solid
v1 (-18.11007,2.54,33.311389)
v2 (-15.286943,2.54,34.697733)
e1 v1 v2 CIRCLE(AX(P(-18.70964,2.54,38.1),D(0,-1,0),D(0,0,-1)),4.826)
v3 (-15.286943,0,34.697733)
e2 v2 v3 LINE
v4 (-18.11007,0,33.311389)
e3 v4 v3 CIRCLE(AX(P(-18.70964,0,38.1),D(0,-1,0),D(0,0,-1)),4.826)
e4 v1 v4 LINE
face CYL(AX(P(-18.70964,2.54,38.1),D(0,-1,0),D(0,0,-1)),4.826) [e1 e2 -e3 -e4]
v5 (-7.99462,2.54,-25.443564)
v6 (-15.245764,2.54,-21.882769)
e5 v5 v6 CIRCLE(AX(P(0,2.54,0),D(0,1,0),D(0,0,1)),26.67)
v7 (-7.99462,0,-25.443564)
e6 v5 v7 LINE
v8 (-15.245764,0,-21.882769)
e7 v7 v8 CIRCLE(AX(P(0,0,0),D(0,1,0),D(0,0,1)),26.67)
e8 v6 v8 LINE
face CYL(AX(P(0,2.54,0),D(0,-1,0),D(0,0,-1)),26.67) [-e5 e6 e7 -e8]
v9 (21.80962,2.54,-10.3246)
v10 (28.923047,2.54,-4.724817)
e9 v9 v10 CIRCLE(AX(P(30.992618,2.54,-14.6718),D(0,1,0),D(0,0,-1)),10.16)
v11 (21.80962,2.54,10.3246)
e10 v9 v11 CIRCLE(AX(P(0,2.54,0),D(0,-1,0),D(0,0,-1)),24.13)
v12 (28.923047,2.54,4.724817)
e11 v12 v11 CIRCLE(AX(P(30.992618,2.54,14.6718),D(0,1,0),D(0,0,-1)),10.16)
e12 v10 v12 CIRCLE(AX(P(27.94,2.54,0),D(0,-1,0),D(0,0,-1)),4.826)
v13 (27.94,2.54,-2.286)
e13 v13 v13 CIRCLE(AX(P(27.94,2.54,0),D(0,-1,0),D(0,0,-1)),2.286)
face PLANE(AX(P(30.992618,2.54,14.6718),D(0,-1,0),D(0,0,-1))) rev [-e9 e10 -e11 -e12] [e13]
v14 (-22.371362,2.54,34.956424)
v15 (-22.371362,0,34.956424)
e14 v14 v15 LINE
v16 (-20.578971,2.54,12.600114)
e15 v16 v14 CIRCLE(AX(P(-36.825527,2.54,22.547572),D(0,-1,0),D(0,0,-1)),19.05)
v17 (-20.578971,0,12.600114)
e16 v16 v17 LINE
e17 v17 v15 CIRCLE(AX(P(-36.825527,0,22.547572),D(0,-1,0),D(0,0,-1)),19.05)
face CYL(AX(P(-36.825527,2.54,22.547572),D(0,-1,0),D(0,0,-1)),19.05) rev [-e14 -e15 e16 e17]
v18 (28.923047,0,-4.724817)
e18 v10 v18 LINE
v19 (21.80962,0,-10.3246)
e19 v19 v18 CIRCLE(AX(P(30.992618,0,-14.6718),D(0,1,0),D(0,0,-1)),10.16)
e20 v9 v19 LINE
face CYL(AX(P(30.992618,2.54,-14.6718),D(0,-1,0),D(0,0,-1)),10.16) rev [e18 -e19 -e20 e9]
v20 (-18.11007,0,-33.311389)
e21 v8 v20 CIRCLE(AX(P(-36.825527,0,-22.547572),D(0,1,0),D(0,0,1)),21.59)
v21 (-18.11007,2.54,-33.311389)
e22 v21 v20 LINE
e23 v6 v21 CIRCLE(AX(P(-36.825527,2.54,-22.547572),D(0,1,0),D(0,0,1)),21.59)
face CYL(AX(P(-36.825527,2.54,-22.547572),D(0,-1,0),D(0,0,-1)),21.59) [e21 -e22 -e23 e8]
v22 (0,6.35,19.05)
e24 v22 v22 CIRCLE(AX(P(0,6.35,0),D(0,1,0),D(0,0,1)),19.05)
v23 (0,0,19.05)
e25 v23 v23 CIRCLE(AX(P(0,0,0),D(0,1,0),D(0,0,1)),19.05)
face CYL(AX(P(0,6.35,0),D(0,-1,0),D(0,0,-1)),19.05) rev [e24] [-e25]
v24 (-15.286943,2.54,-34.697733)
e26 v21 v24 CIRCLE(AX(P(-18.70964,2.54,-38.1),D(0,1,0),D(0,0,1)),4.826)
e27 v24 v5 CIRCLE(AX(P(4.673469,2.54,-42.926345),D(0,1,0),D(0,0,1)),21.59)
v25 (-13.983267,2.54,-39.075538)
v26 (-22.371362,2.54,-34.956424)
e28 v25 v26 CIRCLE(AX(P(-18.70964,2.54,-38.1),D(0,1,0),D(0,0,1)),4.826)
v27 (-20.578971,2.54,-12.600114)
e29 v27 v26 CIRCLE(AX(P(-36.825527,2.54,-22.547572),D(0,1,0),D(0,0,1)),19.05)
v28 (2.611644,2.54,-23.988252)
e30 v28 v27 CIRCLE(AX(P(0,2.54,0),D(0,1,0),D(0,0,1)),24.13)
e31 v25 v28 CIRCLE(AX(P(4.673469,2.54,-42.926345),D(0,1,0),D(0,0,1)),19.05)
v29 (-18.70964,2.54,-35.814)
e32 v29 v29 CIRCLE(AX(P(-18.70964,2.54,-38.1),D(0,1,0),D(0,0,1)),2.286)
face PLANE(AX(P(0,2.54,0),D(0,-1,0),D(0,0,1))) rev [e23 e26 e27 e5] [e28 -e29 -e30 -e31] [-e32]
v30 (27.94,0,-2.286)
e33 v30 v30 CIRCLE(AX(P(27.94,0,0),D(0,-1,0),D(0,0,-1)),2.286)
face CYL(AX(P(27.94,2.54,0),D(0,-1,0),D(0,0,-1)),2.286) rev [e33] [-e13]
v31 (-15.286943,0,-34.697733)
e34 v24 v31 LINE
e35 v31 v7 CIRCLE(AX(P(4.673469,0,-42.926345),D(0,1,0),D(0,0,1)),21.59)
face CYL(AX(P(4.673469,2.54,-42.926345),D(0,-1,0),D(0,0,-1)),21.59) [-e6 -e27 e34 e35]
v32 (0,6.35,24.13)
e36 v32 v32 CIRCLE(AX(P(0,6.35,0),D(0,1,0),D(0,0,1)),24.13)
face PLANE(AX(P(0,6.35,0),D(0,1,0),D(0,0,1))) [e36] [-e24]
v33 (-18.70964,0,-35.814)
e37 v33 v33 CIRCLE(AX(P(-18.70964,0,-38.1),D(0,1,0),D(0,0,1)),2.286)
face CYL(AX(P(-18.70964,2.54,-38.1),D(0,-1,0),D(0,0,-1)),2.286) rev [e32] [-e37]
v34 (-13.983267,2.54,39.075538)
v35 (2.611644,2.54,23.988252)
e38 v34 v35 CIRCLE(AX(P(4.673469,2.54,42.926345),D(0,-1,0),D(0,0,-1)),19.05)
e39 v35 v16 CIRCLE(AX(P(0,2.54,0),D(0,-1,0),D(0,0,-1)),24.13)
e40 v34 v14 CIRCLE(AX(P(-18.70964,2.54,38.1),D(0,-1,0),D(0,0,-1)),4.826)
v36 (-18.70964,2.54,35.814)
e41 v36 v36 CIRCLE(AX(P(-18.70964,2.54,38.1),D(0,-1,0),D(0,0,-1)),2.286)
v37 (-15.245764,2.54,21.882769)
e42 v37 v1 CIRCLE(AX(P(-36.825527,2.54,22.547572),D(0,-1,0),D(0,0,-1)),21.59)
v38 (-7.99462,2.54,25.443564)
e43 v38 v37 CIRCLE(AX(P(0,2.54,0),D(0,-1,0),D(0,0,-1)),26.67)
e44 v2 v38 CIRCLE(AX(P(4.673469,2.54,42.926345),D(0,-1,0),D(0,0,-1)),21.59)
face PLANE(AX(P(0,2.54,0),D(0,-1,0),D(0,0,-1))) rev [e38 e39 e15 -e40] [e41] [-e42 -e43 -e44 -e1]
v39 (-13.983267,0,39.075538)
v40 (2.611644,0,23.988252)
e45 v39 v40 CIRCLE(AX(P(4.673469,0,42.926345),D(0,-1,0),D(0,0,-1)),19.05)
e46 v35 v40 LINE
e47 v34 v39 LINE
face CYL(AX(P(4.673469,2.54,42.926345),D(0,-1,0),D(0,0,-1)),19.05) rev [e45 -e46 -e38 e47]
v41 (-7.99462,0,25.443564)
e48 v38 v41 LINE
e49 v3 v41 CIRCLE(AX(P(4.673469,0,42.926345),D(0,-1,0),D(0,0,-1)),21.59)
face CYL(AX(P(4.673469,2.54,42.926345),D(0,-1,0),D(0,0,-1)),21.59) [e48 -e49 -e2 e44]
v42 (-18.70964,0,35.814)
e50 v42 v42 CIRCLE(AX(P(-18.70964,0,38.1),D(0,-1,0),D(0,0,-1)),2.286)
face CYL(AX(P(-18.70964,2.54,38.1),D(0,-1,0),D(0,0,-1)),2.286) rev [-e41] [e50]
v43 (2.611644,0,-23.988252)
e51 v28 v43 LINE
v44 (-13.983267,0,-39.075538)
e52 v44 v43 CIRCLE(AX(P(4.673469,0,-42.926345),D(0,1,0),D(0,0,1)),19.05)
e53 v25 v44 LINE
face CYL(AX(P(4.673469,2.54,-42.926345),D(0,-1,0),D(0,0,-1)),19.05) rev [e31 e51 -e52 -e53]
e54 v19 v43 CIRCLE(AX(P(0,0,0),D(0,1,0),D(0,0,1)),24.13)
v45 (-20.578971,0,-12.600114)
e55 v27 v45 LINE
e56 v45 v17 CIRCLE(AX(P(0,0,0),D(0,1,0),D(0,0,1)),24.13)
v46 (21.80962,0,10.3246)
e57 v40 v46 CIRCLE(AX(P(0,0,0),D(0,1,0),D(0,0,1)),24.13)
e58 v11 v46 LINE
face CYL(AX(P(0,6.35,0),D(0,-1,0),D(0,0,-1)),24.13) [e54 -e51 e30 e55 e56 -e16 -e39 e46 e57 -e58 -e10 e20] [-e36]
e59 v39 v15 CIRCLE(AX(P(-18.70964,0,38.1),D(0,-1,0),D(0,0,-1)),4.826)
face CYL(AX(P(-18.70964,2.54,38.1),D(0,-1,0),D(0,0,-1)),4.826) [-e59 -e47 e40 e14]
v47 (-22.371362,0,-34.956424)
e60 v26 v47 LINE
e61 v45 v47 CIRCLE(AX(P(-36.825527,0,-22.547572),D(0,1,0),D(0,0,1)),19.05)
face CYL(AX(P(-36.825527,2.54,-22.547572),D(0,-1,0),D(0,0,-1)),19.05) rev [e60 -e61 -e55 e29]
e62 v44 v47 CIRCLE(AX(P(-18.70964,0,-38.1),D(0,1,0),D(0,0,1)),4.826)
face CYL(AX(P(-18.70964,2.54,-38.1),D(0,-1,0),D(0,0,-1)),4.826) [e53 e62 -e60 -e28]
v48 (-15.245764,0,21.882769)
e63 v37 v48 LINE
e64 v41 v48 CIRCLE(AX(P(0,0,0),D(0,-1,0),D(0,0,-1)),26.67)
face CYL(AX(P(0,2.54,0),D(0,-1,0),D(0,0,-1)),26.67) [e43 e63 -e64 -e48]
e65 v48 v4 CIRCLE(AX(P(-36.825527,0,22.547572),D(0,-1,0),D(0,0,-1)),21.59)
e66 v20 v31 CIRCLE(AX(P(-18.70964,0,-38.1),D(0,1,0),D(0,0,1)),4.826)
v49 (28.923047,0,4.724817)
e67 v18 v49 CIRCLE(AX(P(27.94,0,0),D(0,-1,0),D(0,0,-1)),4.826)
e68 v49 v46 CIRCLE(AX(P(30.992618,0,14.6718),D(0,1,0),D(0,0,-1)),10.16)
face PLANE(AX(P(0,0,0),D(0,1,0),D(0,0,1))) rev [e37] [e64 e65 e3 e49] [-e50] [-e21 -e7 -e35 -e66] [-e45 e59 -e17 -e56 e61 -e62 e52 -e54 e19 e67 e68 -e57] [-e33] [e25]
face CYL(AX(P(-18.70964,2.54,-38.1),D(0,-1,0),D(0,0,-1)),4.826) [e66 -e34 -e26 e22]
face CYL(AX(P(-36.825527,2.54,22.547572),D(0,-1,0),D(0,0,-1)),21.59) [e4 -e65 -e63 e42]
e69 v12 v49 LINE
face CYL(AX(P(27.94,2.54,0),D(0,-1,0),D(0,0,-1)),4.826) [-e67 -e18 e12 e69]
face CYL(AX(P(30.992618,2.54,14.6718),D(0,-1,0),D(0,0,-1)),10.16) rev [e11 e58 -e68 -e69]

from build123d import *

# Parameters (mm, degrees)
SKETCH1_R           = 24.13
SKETCH1_R_2         = 19.05
BOSS_EXTRUDE1_DEPTH = 6.35
SKETCH2_R           = 2.286
BOSS_EXTRUDE2_DEPTH = 2.54
SKETCH3_R           = 2.286
BOSS_EXTRUDE3_DEPTH = 2.54


with BuildPart() as part:
    # Sketch1 → Boss-Extrude1 (new body)
    with BuildSketch(Plane(origin=(0, 0, 0), x_dir=(1, 0, 0), z_dir=(0, 1, 0))):
        with Locations(Location((0, 0, 0), (0, 0, 270))):
            Circle(SKETCH1_R)
        with Locations(Location((0, 0, 0), (0, 0, 270))):
            Circle(SKETCH1_R_2, mode=Mode.SUBTRACT)
    extrude(amount=BOSS_EXTRUDE1_DEPTH)

    # Sketch2 → Boss-Extrude2 (add)
    with BuildSketch(Plane.XZ):
        with BuildLine():
            Line((21.809620202, 10.324600072), (21.809620202, -10.324600072))
            ThreePointArc((21.809620202, -10.324600072), (24.708155319, -6.688622381), (28.923046533, -4.724816982))
            ThreePointArc((28.923046533, -4.724816982), (32.766, 0), (28.923046533, 4.724816982))
            ThreePointArc((28.923046533, 4.724816982), (24.708155319, 6.688622381), (21.809620202, 10.324600072))
        make_face()
        with Locations(Location((27.94, 0, 0), (0, 0, 270))):
            Circle(SKETCH2_R, mode=Mode.SUBTRACT)
    extrude(amount=-BOSS_EXTRUDE2_DEPTH)

    # Sketch3 → Boss-Extrude3 (add)
    # profile 1 of 2: a face of its own
    with BuildSketch(Plane.XZ):
        with BuildLine():
            ThreePointArc((-18.110069721, 33.3113894), (-20.447664077, 33.59782849), (-22.371361767, 34.956424059))
            ThreePointArc((-22.371361767, 34.956424059), (-17.836458254, 24.069997968), (-20.578970769, 12.600113575))
            ThreePointArc((-20.578970769, 12.600113575), (-10.636194217, 21.659369164), (2.611644249, 23.988251589))
            ThreePointArc((2.611644249, 23.988251589), (-8.141414639, 28.83091072), (-13.983266974, 39.075537809))
            ThreePointArc((-13.983266974, 39.075537809), (-14.084369292, 36.722630449), (-15.286943189, 34.697732735))
            ThreePointArc((-15.286943189, 34.697732735), (-12.284263254, 29.563582193), (-7.99462004, 25.443564027))
            ThreePointArc((-7.99462004, 25.443564027), (-11.755793609, 23.93930276), (-15.245764429, 21.882768723))
            ThreePointArc((-15.245764429, 21.882768723), (-15.883236559, 27.796246369), (-18.110069721, 33.3113894))
        make_face()
    # profile 2 of 2: a face of its own
    with BuildSketch(Plane.XZ):
        with BuildLine():
            ThreePointArc((-22.371361767, 34.956424059), (-16.582401157, 33.768126167), (-13.983266974, 39.075537809))
            ThreePointArc((-13.983266974, 39.075537809), (-20.836878843, 42.431873833), (-22.371361767, 34.956424059))
        make_face()
        with Locations(Location((-18.70964, 38.1, 0), (0, 0, 270))):
            Circle(SKETCH3_R, mode=Mode.SUBTRACT)
    boss_extrude3 = extrude(amount=-BOSS_EXTRUDE3_DEPTH)

    # Mirror1: Boss-Extrude3 across plane
    add(boss_extrude3.mirror(Plane.XY))


solid = part.part
